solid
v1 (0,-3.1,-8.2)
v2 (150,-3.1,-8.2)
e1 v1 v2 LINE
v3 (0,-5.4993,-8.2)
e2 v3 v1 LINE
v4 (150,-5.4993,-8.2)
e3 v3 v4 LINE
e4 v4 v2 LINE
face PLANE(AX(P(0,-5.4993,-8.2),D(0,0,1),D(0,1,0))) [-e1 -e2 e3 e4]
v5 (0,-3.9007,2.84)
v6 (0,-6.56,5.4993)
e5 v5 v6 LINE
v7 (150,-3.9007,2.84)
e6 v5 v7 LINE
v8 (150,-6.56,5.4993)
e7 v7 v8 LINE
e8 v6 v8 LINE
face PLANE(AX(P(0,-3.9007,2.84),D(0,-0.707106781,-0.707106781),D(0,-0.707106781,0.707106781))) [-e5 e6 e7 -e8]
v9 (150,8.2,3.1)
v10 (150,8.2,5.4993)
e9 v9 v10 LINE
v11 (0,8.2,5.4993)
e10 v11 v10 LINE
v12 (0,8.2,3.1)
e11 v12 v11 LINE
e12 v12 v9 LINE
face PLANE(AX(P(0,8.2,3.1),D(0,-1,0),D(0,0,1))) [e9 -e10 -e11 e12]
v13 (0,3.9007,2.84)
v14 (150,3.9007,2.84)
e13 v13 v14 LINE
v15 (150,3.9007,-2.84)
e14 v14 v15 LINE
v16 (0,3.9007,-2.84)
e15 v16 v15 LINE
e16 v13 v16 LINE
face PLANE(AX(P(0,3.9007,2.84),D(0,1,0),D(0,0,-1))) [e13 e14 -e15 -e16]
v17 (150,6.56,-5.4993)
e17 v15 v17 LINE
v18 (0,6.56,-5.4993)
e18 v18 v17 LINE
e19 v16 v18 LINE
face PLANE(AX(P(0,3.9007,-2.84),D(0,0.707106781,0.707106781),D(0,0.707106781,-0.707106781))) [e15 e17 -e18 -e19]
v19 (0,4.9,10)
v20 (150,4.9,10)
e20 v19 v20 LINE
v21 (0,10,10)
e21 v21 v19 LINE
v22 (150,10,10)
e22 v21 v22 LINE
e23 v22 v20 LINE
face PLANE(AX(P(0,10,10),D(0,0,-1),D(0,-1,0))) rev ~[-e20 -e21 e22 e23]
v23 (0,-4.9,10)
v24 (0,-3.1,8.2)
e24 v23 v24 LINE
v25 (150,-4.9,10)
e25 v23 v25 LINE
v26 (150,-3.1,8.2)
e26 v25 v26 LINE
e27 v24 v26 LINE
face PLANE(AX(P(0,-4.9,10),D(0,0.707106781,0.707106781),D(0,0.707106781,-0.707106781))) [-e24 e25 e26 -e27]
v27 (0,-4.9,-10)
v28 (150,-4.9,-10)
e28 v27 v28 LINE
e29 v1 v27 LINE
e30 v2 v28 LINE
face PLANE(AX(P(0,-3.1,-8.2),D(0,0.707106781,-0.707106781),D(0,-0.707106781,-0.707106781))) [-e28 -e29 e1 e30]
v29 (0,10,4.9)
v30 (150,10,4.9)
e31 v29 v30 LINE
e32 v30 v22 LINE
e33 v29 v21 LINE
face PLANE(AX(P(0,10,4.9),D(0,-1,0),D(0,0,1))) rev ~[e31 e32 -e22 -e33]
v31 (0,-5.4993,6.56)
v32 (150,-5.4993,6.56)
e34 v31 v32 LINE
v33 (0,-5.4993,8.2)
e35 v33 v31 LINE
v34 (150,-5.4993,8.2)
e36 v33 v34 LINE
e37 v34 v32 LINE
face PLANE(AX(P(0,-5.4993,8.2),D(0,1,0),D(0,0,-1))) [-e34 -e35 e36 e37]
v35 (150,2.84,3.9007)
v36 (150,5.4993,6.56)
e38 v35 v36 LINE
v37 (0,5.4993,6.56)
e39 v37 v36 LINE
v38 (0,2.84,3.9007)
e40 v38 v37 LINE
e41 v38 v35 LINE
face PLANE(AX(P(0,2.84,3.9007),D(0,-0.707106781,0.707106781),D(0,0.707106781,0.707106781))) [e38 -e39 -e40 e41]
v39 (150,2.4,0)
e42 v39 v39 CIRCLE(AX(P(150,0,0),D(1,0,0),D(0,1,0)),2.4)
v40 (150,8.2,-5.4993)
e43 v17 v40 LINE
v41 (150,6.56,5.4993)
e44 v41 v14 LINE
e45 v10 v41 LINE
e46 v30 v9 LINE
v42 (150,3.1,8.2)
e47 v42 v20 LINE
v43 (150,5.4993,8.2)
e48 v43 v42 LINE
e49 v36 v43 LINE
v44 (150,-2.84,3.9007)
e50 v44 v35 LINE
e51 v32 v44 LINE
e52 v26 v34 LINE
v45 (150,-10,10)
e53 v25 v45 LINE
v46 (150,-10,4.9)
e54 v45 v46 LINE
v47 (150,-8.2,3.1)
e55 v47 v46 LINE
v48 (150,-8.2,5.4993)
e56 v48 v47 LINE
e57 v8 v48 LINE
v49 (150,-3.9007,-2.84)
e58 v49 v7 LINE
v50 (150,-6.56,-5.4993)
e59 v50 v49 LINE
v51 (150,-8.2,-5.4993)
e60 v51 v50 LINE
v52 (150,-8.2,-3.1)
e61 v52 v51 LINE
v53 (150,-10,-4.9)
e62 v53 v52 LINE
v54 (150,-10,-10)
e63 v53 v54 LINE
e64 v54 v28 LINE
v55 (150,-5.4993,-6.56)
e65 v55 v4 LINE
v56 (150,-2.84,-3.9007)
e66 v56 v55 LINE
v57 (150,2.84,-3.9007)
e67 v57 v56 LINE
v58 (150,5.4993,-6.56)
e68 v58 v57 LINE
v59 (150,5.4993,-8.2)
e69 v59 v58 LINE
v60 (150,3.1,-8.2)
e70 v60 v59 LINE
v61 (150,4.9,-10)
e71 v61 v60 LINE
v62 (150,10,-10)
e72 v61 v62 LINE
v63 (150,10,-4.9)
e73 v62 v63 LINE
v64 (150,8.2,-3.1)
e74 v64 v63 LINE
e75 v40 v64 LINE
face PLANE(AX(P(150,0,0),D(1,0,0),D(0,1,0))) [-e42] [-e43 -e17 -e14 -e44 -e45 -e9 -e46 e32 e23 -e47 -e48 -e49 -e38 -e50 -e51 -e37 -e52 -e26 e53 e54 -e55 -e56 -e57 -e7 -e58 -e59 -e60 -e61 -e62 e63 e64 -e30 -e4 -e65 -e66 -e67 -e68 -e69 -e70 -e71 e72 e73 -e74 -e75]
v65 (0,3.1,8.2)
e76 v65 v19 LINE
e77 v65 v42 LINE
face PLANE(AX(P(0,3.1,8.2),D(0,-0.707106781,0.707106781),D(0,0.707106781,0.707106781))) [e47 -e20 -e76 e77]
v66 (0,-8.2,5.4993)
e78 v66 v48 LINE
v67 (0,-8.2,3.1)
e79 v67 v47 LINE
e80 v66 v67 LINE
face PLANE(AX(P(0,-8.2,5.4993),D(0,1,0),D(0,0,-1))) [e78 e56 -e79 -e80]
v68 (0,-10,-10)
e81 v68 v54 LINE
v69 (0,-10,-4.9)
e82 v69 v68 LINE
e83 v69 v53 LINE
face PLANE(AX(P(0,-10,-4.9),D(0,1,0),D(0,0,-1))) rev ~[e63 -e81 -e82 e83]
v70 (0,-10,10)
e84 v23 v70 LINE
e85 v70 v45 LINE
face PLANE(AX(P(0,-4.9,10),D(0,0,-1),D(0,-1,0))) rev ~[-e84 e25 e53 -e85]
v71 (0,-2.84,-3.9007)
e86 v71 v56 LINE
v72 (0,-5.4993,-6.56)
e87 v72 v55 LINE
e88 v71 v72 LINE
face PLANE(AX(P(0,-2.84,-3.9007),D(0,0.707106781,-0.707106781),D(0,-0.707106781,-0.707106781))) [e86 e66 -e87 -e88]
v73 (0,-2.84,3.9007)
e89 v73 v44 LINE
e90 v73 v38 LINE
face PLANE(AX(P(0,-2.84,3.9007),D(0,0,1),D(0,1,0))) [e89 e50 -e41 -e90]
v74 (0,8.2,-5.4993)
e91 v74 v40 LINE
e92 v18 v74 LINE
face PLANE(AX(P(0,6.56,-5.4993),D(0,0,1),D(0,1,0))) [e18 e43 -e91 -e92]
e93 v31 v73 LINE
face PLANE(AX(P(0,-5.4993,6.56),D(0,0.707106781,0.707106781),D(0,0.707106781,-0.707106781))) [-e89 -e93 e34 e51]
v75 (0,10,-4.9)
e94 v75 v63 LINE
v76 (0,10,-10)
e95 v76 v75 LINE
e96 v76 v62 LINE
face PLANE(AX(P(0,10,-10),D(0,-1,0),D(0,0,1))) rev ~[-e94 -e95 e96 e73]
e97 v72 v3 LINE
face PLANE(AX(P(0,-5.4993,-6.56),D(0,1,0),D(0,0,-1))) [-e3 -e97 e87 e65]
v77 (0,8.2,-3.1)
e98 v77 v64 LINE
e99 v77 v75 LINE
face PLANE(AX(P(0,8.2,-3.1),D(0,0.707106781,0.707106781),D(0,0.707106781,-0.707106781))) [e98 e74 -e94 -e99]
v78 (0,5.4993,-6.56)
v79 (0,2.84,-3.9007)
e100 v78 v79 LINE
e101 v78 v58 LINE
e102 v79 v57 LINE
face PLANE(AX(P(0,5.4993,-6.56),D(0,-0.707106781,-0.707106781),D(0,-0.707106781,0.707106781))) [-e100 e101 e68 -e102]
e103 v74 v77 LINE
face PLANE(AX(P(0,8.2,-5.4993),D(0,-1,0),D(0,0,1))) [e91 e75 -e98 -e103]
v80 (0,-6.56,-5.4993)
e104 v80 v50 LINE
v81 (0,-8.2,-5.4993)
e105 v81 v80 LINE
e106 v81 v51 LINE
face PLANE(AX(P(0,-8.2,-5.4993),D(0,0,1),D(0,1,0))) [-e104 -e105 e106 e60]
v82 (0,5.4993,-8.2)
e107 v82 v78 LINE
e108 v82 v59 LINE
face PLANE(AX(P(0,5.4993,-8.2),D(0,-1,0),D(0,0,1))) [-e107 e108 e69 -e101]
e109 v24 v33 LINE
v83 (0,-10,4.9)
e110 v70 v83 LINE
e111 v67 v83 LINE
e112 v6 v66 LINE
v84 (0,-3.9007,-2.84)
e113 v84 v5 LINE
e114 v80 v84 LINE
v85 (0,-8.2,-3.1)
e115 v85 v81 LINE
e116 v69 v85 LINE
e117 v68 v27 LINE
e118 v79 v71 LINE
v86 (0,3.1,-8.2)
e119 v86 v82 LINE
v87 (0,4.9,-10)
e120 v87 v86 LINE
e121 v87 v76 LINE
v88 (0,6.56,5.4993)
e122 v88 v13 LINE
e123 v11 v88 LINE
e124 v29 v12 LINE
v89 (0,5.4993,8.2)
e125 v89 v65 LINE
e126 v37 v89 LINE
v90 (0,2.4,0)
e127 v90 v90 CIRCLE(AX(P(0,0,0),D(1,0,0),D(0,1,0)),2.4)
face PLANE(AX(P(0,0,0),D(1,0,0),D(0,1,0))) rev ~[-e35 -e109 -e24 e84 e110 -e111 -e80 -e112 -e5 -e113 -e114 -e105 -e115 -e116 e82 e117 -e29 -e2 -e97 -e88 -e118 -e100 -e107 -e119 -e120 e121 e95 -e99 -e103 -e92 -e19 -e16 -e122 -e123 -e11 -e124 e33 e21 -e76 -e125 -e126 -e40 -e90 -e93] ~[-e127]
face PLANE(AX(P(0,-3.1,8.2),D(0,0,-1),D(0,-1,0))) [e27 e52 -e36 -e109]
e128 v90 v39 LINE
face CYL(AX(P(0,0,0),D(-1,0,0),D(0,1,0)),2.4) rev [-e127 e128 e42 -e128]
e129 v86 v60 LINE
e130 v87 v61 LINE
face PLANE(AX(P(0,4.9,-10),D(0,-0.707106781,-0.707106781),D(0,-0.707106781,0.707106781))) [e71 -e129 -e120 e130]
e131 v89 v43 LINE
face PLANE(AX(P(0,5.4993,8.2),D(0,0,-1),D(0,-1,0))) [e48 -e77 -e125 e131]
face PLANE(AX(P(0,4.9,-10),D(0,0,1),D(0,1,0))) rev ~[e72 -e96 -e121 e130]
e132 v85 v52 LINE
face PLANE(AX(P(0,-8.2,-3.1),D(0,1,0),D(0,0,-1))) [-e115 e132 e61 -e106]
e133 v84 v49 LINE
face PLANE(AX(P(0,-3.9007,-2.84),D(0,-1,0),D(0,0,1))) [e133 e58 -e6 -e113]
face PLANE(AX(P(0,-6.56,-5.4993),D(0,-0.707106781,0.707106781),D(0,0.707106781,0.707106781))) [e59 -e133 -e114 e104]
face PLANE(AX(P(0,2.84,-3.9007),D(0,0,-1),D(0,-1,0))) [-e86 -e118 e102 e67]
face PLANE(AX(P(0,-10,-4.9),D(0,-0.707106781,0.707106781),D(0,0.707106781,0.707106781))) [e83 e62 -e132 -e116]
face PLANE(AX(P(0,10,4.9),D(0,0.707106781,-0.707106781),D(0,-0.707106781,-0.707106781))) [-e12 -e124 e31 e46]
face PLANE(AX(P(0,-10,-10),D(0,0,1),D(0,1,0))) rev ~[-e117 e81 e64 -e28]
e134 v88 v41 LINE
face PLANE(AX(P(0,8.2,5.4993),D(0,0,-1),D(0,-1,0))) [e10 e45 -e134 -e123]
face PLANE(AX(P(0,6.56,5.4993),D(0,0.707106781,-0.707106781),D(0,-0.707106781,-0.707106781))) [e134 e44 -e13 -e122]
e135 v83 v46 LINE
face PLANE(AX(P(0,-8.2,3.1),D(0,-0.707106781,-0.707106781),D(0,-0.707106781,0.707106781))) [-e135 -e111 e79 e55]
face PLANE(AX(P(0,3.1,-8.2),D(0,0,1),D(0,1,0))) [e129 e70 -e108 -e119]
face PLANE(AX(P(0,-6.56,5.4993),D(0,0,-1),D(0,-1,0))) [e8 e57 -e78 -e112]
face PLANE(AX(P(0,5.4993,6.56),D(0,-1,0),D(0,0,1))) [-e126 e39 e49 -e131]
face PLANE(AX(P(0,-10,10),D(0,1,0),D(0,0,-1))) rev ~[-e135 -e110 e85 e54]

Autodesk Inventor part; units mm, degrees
ref_plane "YZ Plane" through (0, 0, 0) normal (1, 0, 0) x (0, 1, 0)
ref_plane "XZ Plane" through (0, 0, 0) normal (0, 1, 0) x (-1, 0, 0)
ref_plane "XY Plane" through (0, 0, 0) normal (0, 0, 1) x (1, 0, 0)
sketch "Sketch1" plane through (0, 0, 0) normal (1, 0, 0) x (0, 1, 0)
  line L0 (-10, -10) -> (10, -10)
  line L1 (10, -10) -> (10, 10)
  line L2 (10, 10) -> (-10, 10)
  line L3 (-10, 10) -> (-10, -10)
  line L4 (-10, -10) -> (10, 10) construction
  line L5 (10, -10) -> (-10, 10) construction
  line L6 (10, 4.9) -> (8.2, 3.1)
  line L7 (8.2, 3.1) -> (8.2, 5.4993)
  line L8 (8.2, 5.4993) -> (6.56, 5.4993)
  line L9 (6.56, 5.4993) -> (3.9007, 2.84)
  line L10 (3.9007, -2.84) -> (6.56, -5.4993)
  line L11 (6.56, -5.4993) -> (8.2, -5.4993)
  line L12 (8.2, -5.4993) -> (8.2, -3.1)
  line L13 (8.2, -3.1) -> (10, -4.9)
  circle A0 centre (0, 0) radius 2.4
  line L14 (3.9007, 2.84) -> (3.9007, -2.84)
  line L15 (3.9007, 0) -> (0, 0) construction
  line L16 (5.4993, 6.56) -> (5.4993, 8.2)
  line L17 (2.84, 3.9007) -> (5.4993, 6.56)
  line L18 (-2.84, 3.9007) -> (2.84, 3.9007)
  line L19 (-5.4993, 6.56) -> (-2.84, 3.9007)
  line L20 (-5.4993, 8.2) -> (-5.4993, 6.56)
  line L21 (-3.1, 8.2) -> (-5.4993, 8.2)
  line L22 (-4.9, 10) -> (-3.1, 8.2)
  line L23 (3.1, 8.2) -> (4.9, 10)
  line L24 (5.4993, 8.2) -> (3.1, 8.2)
  line L25 (-6.56, 5.4993) -> (-8.2, 5.4993)
  line L26 (-3.9007, 2.84) -> (-6.56, 5.4993)
  line L27 (-3.9007, -2.84) -> (-3.9007, 2.84)
  line L28 (-6.56, -5.4993) -> (-3.9007, -2.84)
  line L29 (-8.2, -5.4993) -> (-6.56, -5.4993)
  line L30 (-8.2, -3.1) -> (-8.2, -5.4993)
  line L31 (-10, -4.9) -> (-8.2, -3.1)
  line L32 (-8.2, 3.1) -> (-10, 4.9)
  line L33 (-8.2, 5.4993) -> (-8.2, 3.1)
  line L34 (-5.4993, -6.56) -> (-5.4993, -8.2)
  line L35 (-2.84, -3.9007) -> (-5.4993, -6.56)
  line L36 (2.84, -3.9007) -> (-2.84, -3.9007)
  line L37 (5.4993, -6.56) -> (2.84, -3.9007)
  line L38 (5.4993, -8.2) -> (5.4993, -6.56)
  line L39 (3.1, -8.2) -> (5.4993, -8.2)
  line L40 (4.9, -10) -> (3.1, -8.2)
  line L41 (-3.1, -8.2) -> (-4.9, -10)
  line L42 (-5.4993, -8.2) -> (-3.1, -8.2)
  point P0 (0, 3.9007)
  point P1 (-3.9007, 0)
  point P2 (0, -3.9007)
  dimension "d0" = 20
  dimension "d1" = 20
  dimension "d2" = 45
  dimension "d3" = 45
  dimension "d4" = 1.8
  dimension "d5" = 1.8
  dimension "d6" = 4.8
  dimension "d7" = 1.64
  dimension "d8" = 1.64
  dimension "d11" = 5.68
  dimension "d12" = 3.1
  dimension "d13" = 3.1
  dimension "d16" = 360
  dimension "d18" = 1.5
  dimension "d19" = 2.3993
  dimension "d20" = 2.3993
extrude "Extrusion1" add sketch "Sketch1" along normal blind 150 contours L3 L31 L30 L29 L28 L27 L26 L25 L33 L32 L2 L22 L21 L20 L19 L18 L17 L16 L24 L23 L1 L6 L7 L8 L9 L14 L10 L11 L12 L13 L0 L40 L39 L38 L37 L36 L35 L34 L42 L41
equation "\"d3\" = d2"
equation "\"d5\" = d4"
equation "\"d8\" = d7"
equation "\"d13\" = d12"
equation "\"d19\" = d20"
properties part number "2020" material "Aluminum 6061"
